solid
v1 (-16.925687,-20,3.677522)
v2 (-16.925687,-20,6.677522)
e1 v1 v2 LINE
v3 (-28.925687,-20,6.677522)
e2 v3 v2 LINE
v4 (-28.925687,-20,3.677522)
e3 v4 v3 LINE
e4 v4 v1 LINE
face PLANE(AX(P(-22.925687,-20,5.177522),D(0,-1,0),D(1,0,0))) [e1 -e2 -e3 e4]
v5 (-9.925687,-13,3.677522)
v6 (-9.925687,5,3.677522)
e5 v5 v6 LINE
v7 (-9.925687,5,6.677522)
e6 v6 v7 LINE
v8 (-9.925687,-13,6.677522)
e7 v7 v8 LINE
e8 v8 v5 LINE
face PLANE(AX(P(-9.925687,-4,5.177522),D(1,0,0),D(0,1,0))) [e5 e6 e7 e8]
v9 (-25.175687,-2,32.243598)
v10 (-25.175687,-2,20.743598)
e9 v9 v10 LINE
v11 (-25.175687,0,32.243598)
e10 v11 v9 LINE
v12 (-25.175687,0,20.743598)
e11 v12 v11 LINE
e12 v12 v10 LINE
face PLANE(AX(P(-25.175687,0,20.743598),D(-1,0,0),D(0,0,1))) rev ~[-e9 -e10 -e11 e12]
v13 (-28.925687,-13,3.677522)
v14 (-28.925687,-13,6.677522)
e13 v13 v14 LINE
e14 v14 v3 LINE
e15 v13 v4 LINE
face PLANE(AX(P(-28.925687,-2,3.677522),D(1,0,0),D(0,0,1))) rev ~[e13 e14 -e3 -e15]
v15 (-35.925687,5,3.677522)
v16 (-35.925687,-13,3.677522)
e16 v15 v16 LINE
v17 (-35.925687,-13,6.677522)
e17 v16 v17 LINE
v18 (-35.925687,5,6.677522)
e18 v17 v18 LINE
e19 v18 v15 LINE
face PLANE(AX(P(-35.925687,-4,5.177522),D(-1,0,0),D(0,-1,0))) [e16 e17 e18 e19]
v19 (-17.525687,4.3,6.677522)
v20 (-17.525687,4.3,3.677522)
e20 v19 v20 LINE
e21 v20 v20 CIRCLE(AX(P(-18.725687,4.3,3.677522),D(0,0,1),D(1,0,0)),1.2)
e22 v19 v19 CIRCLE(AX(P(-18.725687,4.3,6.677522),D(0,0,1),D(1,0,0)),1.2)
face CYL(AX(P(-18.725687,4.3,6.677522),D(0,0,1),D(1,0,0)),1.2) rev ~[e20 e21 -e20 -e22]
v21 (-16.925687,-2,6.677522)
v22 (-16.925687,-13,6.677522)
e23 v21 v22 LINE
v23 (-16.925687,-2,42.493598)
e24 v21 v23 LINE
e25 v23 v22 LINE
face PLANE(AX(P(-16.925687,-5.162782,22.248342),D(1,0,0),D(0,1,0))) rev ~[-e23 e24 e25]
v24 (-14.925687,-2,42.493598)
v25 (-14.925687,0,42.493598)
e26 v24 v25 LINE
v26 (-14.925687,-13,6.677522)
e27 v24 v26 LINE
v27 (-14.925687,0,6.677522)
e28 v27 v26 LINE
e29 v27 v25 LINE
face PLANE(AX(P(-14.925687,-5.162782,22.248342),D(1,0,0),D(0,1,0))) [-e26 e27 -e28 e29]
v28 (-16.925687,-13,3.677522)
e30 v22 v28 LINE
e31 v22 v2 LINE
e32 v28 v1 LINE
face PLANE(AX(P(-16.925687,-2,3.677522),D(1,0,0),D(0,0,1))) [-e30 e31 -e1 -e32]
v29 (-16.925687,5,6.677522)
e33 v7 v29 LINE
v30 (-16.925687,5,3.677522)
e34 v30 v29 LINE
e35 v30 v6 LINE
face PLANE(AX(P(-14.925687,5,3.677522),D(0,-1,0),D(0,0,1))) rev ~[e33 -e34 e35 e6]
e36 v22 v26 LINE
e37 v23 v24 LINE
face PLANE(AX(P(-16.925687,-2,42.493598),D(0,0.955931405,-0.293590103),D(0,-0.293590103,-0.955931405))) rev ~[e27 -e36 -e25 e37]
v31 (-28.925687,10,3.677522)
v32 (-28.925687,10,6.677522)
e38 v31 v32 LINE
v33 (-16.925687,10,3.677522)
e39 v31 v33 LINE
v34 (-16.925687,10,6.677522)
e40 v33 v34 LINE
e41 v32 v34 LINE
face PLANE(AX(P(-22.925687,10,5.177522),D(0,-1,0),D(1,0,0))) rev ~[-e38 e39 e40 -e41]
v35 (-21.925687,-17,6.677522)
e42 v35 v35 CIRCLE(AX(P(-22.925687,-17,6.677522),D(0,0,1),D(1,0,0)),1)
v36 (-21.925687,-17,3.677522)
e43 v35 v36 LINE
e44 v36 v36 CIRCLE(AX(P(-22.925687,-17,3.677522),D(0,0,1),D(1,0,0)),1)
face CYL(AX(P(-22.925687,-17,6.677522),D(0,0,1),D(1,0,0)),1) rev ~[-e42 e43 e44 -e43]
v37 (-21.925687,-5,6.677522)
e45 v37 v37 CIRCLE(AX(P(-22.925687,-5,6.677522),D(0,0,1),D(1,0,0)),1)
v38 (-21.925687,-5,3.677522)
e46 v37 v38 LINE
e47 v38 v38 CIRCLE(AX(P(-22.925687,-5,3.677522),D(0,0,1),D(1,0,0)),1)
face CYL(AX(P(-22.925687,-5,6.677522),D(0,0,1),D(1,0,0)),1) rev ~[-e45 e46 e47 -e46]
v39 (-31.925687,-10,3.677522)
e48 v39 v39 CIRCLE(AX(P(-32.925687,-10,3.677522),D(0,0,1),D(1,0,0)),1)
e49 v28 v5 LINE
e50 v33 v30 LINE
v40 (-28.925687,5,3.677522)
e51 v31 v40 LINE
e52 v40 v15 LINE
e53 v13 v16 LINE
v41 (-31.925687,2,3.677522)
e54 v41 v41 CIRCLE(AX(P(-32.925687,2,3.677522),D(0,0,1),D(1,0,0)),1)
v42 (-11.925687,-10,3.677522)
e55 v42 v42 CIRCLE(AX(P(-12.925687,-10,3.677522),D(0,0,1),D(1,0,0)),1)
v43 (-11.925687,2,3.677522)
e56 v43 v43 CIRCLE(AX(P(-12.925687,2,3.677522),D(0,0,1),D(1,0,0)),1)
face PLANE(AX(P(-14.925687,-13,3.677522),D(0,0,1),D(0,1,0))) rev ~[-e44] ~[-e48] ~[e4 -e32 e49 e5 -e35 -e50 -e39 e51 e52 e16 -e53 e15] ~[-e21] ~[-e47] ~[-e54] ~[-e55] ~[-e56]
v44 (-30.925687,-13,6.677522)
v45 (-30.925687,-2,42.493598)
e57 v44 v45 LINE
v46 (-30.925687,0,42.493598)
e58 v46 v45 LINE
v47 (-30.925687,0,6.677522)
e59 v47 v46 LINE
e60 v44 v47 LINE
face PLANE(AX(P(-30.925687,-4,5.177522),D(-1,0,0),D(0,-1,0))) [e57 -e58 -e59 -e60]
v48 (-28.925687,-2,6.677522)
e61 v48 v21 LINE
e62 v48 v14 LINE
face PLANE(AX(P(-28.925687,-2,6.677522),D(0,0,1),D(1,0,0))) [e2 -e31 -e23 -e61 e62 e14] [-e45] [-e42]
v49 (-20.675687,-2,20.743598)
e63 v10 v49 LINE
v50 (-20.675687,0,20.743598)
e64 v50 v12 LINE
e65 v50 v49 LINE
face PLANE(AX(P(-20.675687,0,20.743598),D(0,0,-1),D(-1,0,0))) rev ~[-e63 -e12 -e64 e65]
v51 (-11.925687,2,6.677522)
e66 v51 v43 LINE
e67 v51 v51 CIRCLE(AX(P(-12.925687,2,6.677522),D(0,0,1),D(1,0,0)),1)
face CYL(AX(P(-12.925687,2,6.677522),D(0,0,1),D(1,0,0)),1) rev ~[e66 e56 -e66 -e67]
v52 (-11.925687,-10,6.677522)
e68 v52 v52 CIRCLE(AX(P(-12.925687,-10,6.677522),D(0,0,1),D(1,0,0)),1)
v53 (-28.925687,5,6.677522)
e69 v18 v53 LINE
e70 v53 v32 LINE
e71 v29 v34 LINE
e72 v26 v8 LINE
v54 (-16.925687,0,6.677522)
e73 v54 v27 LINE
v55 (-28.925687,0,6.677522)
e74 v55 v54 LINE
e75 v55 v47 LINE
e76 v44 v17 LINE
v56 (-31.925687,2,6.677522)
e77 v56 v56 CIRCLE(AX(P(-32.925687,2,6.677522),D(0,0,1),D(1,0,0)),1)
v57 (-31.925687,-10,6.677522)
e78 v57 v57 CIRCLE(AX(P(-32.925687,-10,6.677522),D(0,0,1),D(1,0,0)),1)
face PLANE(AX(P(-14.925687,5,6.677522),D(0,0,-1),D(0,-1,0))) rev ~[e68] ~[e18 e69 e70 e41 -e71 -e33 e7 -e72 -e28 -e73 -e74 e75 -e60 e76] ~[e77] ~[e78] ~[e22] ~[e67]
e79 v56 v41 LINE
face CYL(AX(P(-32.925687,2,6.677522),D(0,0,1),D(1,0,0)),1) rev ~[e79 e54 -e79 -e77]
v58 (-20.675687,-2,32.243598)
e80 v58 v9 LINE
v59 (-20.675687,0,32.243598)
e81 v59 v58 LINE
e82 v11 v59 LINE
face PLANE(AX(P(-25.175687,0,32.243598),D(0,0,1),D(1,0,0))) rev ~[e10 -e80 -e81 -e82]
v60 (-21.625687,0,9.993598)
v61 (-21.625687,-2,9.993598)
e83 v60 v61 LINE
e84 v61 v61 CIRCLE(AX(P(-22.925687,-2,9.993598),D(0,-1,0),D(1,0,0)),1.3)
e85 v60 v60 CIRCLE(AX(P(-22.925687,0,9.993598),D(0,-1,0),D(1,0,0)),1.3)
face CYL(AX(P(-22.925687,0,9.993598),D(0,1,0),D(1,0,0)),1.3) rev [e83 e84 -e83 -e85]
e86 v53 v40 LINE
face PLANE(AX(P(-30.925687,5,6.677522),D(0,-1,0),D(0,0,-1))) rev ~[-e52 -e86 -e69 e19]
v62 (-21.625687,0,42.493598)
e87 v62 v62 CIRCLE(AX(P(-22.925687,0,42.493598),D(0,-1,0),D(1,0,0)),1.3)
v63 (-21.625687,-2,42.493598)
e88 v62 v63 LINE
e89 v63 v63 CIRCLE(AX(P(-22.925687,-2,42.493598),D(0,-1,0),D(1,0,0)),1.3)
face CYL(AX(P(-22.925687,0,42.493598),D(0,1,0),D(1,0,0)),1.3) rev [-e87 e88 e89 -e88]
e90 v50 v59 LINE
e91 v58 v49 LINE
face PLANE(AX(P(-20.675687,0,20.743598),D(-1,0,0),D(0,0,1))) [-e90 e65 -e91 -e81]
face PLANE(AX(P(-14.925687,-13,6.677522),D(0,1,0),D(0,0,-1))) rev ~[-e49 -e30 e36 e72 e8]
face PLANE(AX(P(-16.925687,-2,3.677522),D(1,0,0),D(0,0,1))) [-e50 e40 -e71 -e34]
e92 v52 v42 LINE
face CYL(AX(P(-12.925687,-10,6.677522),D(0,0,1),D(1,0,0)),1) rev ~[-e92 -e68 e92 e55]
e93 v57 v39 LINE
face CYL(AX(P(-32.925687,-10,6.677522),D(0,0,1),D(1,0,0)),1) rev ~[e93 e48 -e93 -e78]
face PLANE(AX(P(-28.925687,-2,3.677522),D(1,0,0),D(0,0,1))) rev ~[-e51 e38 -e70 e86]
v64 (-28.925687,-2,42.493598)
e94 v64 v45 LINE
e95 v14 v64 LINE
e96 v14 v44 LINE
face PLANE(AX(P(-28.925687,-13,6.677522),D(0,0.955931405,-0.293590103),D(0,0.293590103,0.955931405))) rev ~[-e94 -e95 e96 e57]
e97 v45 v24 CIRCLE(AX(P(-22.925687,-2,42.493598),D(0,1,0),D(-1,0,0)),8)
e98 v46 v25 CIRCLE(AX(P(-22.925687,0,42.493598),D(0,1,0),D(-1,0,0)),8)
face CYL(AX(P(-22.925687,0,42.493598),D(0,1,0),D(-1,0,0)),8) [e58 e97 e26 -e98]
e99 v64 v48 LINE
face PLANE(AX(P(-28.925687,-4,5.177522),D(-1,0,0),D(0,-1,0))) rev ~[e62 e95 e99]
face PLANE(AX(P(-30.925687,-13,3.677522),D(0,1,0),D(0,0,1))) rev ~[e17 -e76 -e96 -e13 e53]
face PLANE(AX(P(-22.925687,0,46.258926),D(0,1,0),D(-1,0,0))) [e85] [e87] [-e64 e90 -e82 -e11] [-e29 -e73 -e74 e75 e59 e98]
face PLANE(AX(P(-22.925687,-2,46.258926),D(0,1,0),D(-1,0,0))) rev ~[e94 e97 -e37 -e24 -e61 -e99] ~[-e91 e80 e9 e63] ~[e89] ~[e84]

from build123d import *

# Parameters (mm, degrees)
F0_R          = 1.3
F1_DEPTH      = 2
F2_W          = 12
F2_H          = 3
F3_DEPTH      = 18
F3_DEPTH_BACK = 12
F4_W          = 5
F4_H          = 3
F4_W_2        = 2
F4_H_2        = 35.8160760757
F5_DEPTH      = 2
F6_W          = 2
F6_H          = 35.8160760757
F7_DEPTH      = 2
F9_DEPTH      = 5
F11_DEPTH     = 5
F12_R         = 1
F13_DEPTH     = 5
F14_W         = 2.25
F14_H         = 11.5
F15_DEPTH     = 3
F16_R         = 1.2
F17_DEPTH     = 3
F19_DEPTH     = 2


with BuildPart() as f1:
    # F0 (on Front) → F1 (new body)
    with BuildSketch(Plane.XZ):
        with BuildLine():
            Line((-16.9256870747, 6.6775220651), (-16.9256870747, 9.9935981408))
            Line((-16.9256870747, 9.9935981408), (-16.9256870747, 10.6775220651))
            Line((-16.9256870747, 10.6775220651), (-16.9256870747, 42.4935981408))
            ThreePointArc((-16.9256870747, 42.4935981408), (-22.9256870747, 48.4935981408), (-28.9256870747, 42.4935981408))
            Line((-28.9256870747, 42.4935981408), (-28.9256870747, 9.9935981408))
            Line((-28.9256870747, 9.9935981408), (-28.9256870747, 6.6775220651))
            Line((-28.9256870747, 6.6775220651), (-16.9424954802, 6.6775220651))
            Line((-16.9424954802, 6.6775220651), (-16.9256870747, 6.6775220651))
        make_face()
        with Locations((-22.9256870747, 9.9935981408)):
            Circle(F0_R, mode=Mode.SUBTRACT)
        with Locations((-22.9256870747, 42.4935981408)):
            Circle(F0_R, mode=Mode.SUBTRACT)
    extrude(amount=F1_DEPTH)

    # F2 (on face) → F3 (join, two sides)
    with BuildSketch(Plane.XZ.offset(2)) as f3_sk:
        with Locations((-22.9256870747, 5.1775220651)):
            Rectangle(F2_W, F2_H)
    extrude(amount=F3_DEPTH)
    extrude(f3_sk.sketch, amount=-F3_DEPTH_BACK)

    # F4 (on face) → F5 (join)
    with BuildSketch(Plane.YZ.offset(-16.9256870747)):
        Polygon((-13, 6.6775220651), (-2, 6.6775220651), (-2, 42.4935981408), align=None)
        Polygon((0, 3.6775220651), (0, 6.6775220651), (-2, 6.6775220651), (-13, 6.6775220651), (-13, 3.6775220651), align=None)
        with Locations((2.5, 5.1775220651)):
            Rectangle(F4_W, F4_H)
        with Locations((-1, 24.5855601029)):
            Rectangle(F4_W_2, F4_H_2)
    extrude(amount=F5_DEPTH)

    # F6 (on face) → F7 (join)
    with BuildSketch(Plane(origin=(-28.9256870747, 0, 0), x_dir=(0, -1, 0), z_dir=(-1, 0, 0))):
        Polygon((0, 6.6775220651), (-5, 6.6775220651), (-5, 3.6775220651), (13, 3.6775220651), (13, 6.6775220651), (2, 6.6775220651), align=None)
        Polygon((2, 42.4935981408), (2, 6.6775220651), (13, 6.6775220651), align=None)
        with Locations((1, 24.5855601029)):
            Rectangle(F6_W, F6_H)
    extrude(amount=F7_DEPTH)

    # F8 (on face) → F9 (join)
    with BuildSketch(Plane(origin=(-30.9256870747, 0, 0), x_dir=(0, -1, 0), z_dir=(-1, 0, 0))):
        Polygon((0, 6.6775220651), (-5, 6.6775220651), (-5, 3.6775220651), (13, 3.6775220651), (13, 6.6775220651), align=None)
    extrude(amount=F9_DEPTH)

    # F10 (on face) → F11 (join)
    with BuildSketch(Plane.YZ.offset(-14.9256870747)):
        Polygon((0, 6.6775220651), (-13, 6.6775220651), (-13, 3.6775220651), (5, 3.6775220651), (5, 6.6775220651), align=None)
    extrude(amount=F11_DEPTH)

    # F12 (on face) → F13 (cut)
    with BuildSketch(Plane.XY.offset(6.6775220651)):
        with Locations((-32.9256870747, 2)):
            Circle(F12_R)
        with Locations((-12.9256870747, 2)):
            Circle(F12_R)
        with Locations((-12.9256870747, -10)):
            Circle(F12_R)
        with Locations((-22.9256870747, -5)):
            Circle(F12_R)
        with Locations((-32.9256870747, -10)):
            Circle(F12_R)
        with Locations((-22.9256870747, -17)):
            Circle(F12_R)
    extrude(amount=-F13_DEPTH, mode=Mode.SUBTRACT)

    # F14 (on face) → F15 (cut)
    with BuildSketch(Plane(origin=(0, 0, 0), x_dir=(-1, 0, 0), z_dir=(0, 1, 0))):
        with Locations((24.0506870747, 26.4935981408)):
            Rectangle(F14_W, F14_H)
        with Locations((21.8006870747, 26.4935981408)):
            Rectangle(F14_W, F14_H)
    extrude(amount=-F15_DEPTH, mode=Mode.SUBTRACT)

    # F16 (on face) → F17 (cut)
    with BuildSketch(Plane.XY.offset(6.6775220651)):
        with Locations((-18.7256870747, 4.3)):
            Circle(F16_R)
    extrude(amount=-F17_DEPTH, mode=Mode.SUBTRACT)

    # F18 (on face) → F19 (join)
    with BuildSketch(Plane(origin=(0, 0, 0), x_dir=(-1, 0, 0), z_dir=(0, 1, 0))):
        with BuildLine():
            Line((28.9256870747, 42.4935981408), (30.9256870747, 42.4935981408))
            ThreePointArc((30.9256870747, 42.4935981408), (22.9256870747, 50.4935981408), (14.9256870747, 42.4935981408))
            Line((14.9256870747, 42.4935981408), (16.9256870747, 42.4935981408))
            ThreePointArc((16.9256870747, 42.4935981408), (22.9256870747, 48.4935981408), (28.9256870747, 42.4935981408))
        make_face()
    extrude(amount=-F19_DEPTH)


solid = f1.part
